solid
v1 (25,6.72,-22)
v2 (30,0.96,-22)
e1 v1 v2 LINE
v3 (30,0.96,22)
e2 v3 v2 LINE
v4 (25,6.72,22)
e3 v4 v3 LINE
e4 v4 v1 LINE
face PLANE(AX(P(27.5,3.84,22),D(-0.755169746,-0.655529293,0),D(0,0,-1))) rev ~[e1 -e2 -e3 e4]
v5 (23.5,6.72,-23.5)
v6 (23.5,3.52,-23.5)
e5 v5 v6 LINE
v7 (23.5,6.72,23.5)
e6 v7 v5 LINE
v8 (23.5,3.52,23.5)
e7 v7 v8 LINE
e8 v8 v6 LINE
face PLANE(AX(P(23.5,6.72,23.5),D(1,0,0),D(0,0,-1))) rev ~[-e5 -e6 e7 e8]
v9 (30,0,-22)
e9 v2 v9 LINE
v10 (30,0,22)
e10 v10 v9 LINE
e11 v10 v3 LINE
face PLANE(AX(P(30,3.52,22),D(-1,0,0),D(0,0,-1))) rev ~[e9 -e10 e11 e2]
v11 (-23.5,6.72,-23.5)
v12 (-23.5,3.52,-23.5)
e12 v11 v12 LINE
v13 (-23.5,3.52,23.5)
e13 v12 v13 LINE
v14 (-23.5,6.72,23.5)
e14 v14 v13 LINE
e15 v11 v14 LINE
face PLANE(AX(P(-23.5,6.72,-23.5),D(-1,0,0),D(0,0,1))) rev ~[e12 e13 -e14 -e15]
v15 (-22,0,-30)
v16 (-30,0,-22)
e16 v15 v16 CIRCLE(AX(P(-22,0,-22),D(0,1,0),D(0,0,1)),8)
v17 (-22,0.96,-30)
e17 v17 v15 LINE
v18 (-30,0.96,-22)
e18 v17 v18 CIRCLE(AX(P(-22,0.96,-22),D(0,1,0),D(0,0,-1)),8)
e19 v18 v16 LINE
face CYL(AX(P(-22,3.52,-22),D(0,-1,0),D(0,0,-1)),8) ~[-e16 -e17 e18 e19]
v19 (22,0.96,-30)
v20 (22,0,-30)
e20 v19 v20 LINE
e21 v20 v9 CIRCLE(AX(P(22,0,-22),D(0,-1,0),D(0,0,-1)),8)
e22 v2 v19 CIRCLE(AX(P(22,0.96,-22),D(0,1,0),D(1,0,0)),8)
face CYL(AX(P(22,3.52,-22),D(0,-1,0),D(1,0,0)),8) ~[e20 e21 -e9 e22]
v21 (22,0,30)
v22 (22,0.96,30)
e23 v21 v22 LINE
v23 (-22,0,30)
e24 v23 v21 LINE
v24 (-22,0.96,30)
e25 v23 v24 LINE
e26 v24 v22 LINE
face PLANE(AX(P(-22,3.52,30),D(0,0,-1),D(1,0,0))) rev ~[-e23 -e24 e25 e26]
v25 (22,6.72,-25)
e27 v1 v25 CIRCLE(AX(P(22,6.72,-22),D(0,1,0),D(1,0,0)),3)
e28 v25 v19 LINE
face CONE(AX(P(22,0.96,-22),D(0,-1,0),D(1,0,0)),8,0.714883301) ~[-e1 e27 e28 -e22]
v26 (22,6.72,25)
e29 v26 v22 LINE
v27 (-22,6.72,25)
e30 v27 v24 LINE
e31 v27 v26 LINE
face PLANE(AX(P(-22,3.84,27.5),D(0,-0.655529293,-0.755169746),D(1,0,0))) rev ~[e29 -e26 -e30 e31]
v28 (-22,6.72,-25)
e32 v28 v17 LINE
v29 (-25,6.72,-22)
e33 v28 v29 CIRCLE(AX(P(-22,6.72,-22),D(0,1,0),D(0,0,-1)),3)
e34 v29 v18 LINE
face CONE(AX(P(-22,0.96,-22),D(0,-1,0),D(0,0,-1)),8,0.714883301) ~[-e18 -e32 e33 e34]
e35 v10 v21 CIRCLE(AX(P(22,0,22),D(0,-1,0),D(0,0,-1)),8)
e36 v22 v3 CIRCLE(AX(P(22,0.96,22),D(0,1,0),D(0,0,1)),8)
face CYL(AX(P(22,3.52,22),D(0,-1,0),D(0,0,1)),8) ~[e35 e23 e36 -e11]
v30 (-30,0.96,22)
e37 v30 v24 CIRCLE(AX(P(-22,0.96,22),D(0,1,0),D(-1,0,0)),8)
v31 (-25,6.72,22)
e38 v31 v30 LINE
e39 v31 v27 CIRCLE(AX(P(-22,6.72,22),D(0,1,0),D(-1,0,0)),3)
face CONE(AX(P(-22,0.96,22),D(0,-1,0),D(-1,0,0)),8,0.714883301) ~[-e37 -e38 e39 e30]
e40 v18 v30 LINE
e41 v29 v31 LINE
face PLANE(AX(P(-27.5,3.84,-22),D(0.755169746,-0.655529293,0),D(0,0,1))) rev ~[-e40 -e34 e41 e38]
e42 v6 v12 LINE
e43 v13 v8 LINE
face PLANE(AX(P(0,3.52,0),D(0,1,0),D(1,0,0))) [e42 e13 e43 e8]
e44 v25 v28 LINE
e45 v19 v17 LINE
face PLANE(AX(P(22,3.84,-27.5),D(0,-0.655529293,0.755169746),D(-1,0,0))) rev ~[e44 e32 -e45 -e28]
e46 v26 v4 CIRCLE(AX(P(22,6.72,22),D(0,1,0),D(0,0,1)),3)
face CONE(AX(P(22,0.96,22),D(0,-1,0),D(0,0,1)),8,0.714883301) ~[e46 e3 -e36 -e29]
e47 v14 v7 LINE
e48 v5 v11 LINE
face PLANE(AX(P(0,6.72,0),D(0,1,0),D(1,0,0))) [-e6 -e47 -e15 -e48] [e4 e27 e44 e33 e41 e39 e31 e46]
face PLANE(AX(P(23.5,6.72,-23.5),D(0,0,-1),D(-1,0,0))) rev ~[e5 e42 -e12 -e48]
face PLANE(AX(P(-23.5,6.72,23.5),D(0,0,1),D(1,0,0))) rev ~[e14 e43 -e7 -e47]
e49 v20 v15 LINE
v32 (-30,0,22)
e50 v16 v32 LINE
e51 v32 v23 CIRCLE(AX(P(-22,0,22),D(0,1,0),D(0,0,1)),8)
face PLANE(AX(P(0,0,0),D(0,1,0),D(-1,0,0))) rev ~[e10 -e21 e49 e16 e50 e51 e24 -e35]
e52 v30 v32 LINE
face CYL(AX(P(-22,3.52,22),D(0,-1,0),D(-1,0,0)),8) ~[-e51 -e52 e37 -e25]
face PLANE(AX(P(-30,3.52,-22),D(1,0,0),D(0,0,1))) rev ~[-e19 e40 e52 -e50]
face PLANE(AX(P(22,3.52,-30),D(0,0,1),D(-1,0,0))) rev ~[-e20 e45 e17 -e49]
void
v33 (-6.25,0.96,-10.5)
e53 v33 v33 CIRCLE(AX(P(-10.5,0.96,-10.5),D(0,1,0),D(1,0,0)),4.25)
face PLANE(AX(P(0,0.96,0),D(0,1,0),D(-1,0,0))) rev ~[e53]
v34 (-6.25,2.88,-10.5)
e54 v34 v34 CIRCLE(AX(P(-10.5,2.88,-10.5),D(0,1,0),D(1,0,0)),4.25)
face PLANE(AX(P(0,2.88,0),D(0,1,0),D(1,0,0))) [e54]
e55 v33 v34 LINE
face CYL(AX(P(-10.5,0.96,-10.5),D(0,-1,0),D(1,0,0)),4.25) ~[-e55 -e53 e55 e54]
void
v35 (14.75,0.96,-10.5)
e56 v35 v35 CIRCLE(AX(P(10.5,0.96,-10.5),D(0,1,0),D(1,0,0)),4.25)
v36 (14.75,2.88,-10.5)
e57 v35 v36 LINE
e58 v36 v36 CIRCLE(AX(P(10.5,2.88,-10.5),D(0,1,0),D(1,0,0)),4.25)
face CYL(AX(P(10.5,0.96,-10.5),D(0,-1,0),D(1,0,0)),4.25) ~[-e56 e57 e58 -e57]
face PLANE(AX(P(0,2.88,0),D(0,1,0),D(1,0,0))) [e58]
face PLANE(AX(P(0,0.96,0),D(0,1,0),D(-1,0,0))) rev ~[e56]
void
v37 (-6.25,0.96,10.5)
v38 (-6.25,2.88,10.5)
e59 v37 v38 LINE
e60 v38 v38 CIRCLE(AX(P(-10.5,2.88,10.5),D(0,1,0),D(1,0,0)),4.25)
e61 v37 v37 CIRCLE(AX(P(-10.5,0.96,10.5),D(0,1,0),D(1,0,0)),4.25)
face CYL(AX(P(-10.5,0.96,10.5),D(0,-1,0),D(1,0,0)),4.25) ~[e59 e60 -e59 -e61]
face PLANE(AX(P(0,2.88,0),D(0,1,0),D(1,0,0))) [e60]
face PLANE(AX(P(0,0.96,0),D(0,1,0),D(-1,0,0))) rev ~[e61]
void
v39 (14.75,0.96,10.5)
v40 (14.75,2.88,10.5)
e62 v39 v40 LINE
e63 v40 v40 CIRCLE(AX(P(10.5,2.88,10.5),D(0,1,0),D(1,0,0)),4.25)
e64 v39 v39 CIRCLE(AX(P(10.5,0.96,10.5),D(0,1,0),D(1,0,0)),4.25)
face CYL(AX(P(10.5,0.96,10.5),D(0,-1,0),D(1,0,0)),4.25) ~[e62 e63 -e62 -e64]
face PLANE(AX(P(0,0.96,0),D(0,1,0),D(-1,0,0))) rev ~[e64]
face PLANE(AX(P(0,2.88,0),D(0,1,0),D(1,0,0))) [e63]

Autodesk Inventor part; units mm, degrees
ref_plane "YZ Plane" through (0, 0, 0) normal (1, 0, 0) x (0, 1, 0)
ref_plane "XZ Plane" through (0, 0, 0) normal (0, 1, 0) x (-1, 0, 0)
ref_plane "XY Plane" through (0, 0, 0) normal (0, 0, 1) x (1, 0, 0)
sketch "Sketch1" plane through (0, 0, 0) normal (0, 1, 0) x (-1, 0, 0)
  line L0 (30, 30) -> (-30, 30)
  line L1 (-30, 30) -> (-30, -30)
  line L2 (-30, -30) -> (30, -30)
  line L3 (30, -30) -> (30, 30)
  point P0 (0, 0)
  point P1 (30, 0)
  point P2 (0, 30)
  dimension "d0" = 60
  dimension "d1" = 60
extrude "Extrusion1" add sketch "Sketch1" along normal blind 0.96
sketch "Sketch2" plane through (0, 0.96, 0) normal (0, 1, 0) x (1, 0, 0)
  line L0 (30, -30) -> (30, 30) projected
  line L1 (30, 30) -> (-30, 30) projected
  line L2 (-30, 30) -> (-30, -30) projected
  line L3 (-30, -30) -> (30, -30) projected
  line L4 (-30, 0) -> (30, 0)
  line L5 (0, -30) -> (0, 30)
  circle A0 centre (-10.5, -10.5) radius 4.25
  circle A1 centre (-10.5, 10.5) radius 4.25
  circle A2 centre (10.5, 10.5) radius 4.25
  circle A3 centre (10.5, -10.5) radius 4.25
  point P0 (0, 0)
  dimension "d13" = 8.5
  dimension "d14" = 21
  dimension "d15" = 21
extrude "Extrusion2" add sketch "Sketch2" along normal blind 1.92
sketch "Sketch3" plane through (0, 2.88, 0) normal (0, 1, 0) x (1, 0, 0)
  line L0 (-30, 30) -> (-30, -30) projected
  line L1 (-30, -30) -> (30, -30) projected
  line L2 (30, -30) -> (30, 30) projected
  line L3 (30, 30) -> (-30, 30) projected
  point P0 (0, 0)
extrude "Extrusion3" add sketch "Sketch3" along normal blind 0.64
fillet "Fillet1" radius 8 4 edges at (30, 1.76, 30) (-30, 1.76, 30) (-30, 1.76, -30) (30, 1.76, -30)
ref_plane "Arbeitsebene2" through (27.6569, 3.52, -27.6569) normal (-0.7071, 0, -0.7071) x (0, -1, 0)
sketch "Skizze7" plane through (0, 3.52, 0) normal (0, 1, 0) x (1, 0, 0)
  line L0 (-22, -30) -> (22, -30) projected
  arc A0 (22, -30) -> (30, -22) centre (22, -22) ccw projected
  line L1 (30, -22) -> (30, 22) projected
  arc A1 (30, 22) -> (22, 30) centre (22, 22) ccw projected
  line L2 (22, 30) -> (-22, 30) projected
  arc A2 (-22, 30) -> (-30, 22) centre (-22, 22) ccw projected
  line L3 (-30, 22) -> (-30, -22) projected
  arc A3 (-30, -22) -> (-22, -30) centre (-22, -22) ccw projected
  line L4 (22, -30) -> (-22, -30)
  line L5 (-30, -22) -> (-30, 22)
  line L6 (-22, 30) -> (22, 30)
  line L7 (30, 22) -> (30, -22)
  arc A4 (22, -30) -> (30, -22) centre (22, -22) ccw
  arc A5 (-30, -22) -> (-22, -30) centre (-22, -22) ccw
  arc A6 (-22, 30) -> (-30, 22) centre (-22, 22) ccw
  arc A7 (30, 22) -> (22, 30) centre (22, 22) ccw
  point P0 (0, 0)
extrude "Extrusion4" add sketch "Skizze7" along normal blind 3.2
sketch "Skizze8" plane through (0, 6.72, 0) normal (0, 1, 0) x (1, 0, 0)
  line L0 (23.5, 23.5) -> (-23.5, 23.5)
  line L1 (-23.5, 23.5) -> (-23.5, -23.5)
  line L2 (-23.5, -23.5) -> (23.5, -23.5)
  line L3 (23.5, -23.5) -> (23.5, 23.5)
  line L4 (23.5, 23.5) -> (-23.5, -23.5) construction
  line L5 (-23.5, 23.5) -> (23.5, -23.5) construction
  point P0 (0, 0)
  dimension "d25" = 47
  dimension "d26" = 47
extrude "Extrusion5" cut sketch "Skizze8" against normal blind 3.2
chamfer "Fasen2" distance 5 distance2 5.76 8 edges at (0, 6.72, -30) (-27.6569, 6.72, -27.6569) (-30, 6.72, 0) (-27.6569, 6.72, 27.6569) (0, 6.72, 30) (27.6569, 6.72, 27.6569) (30, 6.72, 0) (27.6569, 6.72, -27.6569) measured on face at (7.3333, 6.72, -25.6667)
properties part number "IMU_Base_T-Shirt"
